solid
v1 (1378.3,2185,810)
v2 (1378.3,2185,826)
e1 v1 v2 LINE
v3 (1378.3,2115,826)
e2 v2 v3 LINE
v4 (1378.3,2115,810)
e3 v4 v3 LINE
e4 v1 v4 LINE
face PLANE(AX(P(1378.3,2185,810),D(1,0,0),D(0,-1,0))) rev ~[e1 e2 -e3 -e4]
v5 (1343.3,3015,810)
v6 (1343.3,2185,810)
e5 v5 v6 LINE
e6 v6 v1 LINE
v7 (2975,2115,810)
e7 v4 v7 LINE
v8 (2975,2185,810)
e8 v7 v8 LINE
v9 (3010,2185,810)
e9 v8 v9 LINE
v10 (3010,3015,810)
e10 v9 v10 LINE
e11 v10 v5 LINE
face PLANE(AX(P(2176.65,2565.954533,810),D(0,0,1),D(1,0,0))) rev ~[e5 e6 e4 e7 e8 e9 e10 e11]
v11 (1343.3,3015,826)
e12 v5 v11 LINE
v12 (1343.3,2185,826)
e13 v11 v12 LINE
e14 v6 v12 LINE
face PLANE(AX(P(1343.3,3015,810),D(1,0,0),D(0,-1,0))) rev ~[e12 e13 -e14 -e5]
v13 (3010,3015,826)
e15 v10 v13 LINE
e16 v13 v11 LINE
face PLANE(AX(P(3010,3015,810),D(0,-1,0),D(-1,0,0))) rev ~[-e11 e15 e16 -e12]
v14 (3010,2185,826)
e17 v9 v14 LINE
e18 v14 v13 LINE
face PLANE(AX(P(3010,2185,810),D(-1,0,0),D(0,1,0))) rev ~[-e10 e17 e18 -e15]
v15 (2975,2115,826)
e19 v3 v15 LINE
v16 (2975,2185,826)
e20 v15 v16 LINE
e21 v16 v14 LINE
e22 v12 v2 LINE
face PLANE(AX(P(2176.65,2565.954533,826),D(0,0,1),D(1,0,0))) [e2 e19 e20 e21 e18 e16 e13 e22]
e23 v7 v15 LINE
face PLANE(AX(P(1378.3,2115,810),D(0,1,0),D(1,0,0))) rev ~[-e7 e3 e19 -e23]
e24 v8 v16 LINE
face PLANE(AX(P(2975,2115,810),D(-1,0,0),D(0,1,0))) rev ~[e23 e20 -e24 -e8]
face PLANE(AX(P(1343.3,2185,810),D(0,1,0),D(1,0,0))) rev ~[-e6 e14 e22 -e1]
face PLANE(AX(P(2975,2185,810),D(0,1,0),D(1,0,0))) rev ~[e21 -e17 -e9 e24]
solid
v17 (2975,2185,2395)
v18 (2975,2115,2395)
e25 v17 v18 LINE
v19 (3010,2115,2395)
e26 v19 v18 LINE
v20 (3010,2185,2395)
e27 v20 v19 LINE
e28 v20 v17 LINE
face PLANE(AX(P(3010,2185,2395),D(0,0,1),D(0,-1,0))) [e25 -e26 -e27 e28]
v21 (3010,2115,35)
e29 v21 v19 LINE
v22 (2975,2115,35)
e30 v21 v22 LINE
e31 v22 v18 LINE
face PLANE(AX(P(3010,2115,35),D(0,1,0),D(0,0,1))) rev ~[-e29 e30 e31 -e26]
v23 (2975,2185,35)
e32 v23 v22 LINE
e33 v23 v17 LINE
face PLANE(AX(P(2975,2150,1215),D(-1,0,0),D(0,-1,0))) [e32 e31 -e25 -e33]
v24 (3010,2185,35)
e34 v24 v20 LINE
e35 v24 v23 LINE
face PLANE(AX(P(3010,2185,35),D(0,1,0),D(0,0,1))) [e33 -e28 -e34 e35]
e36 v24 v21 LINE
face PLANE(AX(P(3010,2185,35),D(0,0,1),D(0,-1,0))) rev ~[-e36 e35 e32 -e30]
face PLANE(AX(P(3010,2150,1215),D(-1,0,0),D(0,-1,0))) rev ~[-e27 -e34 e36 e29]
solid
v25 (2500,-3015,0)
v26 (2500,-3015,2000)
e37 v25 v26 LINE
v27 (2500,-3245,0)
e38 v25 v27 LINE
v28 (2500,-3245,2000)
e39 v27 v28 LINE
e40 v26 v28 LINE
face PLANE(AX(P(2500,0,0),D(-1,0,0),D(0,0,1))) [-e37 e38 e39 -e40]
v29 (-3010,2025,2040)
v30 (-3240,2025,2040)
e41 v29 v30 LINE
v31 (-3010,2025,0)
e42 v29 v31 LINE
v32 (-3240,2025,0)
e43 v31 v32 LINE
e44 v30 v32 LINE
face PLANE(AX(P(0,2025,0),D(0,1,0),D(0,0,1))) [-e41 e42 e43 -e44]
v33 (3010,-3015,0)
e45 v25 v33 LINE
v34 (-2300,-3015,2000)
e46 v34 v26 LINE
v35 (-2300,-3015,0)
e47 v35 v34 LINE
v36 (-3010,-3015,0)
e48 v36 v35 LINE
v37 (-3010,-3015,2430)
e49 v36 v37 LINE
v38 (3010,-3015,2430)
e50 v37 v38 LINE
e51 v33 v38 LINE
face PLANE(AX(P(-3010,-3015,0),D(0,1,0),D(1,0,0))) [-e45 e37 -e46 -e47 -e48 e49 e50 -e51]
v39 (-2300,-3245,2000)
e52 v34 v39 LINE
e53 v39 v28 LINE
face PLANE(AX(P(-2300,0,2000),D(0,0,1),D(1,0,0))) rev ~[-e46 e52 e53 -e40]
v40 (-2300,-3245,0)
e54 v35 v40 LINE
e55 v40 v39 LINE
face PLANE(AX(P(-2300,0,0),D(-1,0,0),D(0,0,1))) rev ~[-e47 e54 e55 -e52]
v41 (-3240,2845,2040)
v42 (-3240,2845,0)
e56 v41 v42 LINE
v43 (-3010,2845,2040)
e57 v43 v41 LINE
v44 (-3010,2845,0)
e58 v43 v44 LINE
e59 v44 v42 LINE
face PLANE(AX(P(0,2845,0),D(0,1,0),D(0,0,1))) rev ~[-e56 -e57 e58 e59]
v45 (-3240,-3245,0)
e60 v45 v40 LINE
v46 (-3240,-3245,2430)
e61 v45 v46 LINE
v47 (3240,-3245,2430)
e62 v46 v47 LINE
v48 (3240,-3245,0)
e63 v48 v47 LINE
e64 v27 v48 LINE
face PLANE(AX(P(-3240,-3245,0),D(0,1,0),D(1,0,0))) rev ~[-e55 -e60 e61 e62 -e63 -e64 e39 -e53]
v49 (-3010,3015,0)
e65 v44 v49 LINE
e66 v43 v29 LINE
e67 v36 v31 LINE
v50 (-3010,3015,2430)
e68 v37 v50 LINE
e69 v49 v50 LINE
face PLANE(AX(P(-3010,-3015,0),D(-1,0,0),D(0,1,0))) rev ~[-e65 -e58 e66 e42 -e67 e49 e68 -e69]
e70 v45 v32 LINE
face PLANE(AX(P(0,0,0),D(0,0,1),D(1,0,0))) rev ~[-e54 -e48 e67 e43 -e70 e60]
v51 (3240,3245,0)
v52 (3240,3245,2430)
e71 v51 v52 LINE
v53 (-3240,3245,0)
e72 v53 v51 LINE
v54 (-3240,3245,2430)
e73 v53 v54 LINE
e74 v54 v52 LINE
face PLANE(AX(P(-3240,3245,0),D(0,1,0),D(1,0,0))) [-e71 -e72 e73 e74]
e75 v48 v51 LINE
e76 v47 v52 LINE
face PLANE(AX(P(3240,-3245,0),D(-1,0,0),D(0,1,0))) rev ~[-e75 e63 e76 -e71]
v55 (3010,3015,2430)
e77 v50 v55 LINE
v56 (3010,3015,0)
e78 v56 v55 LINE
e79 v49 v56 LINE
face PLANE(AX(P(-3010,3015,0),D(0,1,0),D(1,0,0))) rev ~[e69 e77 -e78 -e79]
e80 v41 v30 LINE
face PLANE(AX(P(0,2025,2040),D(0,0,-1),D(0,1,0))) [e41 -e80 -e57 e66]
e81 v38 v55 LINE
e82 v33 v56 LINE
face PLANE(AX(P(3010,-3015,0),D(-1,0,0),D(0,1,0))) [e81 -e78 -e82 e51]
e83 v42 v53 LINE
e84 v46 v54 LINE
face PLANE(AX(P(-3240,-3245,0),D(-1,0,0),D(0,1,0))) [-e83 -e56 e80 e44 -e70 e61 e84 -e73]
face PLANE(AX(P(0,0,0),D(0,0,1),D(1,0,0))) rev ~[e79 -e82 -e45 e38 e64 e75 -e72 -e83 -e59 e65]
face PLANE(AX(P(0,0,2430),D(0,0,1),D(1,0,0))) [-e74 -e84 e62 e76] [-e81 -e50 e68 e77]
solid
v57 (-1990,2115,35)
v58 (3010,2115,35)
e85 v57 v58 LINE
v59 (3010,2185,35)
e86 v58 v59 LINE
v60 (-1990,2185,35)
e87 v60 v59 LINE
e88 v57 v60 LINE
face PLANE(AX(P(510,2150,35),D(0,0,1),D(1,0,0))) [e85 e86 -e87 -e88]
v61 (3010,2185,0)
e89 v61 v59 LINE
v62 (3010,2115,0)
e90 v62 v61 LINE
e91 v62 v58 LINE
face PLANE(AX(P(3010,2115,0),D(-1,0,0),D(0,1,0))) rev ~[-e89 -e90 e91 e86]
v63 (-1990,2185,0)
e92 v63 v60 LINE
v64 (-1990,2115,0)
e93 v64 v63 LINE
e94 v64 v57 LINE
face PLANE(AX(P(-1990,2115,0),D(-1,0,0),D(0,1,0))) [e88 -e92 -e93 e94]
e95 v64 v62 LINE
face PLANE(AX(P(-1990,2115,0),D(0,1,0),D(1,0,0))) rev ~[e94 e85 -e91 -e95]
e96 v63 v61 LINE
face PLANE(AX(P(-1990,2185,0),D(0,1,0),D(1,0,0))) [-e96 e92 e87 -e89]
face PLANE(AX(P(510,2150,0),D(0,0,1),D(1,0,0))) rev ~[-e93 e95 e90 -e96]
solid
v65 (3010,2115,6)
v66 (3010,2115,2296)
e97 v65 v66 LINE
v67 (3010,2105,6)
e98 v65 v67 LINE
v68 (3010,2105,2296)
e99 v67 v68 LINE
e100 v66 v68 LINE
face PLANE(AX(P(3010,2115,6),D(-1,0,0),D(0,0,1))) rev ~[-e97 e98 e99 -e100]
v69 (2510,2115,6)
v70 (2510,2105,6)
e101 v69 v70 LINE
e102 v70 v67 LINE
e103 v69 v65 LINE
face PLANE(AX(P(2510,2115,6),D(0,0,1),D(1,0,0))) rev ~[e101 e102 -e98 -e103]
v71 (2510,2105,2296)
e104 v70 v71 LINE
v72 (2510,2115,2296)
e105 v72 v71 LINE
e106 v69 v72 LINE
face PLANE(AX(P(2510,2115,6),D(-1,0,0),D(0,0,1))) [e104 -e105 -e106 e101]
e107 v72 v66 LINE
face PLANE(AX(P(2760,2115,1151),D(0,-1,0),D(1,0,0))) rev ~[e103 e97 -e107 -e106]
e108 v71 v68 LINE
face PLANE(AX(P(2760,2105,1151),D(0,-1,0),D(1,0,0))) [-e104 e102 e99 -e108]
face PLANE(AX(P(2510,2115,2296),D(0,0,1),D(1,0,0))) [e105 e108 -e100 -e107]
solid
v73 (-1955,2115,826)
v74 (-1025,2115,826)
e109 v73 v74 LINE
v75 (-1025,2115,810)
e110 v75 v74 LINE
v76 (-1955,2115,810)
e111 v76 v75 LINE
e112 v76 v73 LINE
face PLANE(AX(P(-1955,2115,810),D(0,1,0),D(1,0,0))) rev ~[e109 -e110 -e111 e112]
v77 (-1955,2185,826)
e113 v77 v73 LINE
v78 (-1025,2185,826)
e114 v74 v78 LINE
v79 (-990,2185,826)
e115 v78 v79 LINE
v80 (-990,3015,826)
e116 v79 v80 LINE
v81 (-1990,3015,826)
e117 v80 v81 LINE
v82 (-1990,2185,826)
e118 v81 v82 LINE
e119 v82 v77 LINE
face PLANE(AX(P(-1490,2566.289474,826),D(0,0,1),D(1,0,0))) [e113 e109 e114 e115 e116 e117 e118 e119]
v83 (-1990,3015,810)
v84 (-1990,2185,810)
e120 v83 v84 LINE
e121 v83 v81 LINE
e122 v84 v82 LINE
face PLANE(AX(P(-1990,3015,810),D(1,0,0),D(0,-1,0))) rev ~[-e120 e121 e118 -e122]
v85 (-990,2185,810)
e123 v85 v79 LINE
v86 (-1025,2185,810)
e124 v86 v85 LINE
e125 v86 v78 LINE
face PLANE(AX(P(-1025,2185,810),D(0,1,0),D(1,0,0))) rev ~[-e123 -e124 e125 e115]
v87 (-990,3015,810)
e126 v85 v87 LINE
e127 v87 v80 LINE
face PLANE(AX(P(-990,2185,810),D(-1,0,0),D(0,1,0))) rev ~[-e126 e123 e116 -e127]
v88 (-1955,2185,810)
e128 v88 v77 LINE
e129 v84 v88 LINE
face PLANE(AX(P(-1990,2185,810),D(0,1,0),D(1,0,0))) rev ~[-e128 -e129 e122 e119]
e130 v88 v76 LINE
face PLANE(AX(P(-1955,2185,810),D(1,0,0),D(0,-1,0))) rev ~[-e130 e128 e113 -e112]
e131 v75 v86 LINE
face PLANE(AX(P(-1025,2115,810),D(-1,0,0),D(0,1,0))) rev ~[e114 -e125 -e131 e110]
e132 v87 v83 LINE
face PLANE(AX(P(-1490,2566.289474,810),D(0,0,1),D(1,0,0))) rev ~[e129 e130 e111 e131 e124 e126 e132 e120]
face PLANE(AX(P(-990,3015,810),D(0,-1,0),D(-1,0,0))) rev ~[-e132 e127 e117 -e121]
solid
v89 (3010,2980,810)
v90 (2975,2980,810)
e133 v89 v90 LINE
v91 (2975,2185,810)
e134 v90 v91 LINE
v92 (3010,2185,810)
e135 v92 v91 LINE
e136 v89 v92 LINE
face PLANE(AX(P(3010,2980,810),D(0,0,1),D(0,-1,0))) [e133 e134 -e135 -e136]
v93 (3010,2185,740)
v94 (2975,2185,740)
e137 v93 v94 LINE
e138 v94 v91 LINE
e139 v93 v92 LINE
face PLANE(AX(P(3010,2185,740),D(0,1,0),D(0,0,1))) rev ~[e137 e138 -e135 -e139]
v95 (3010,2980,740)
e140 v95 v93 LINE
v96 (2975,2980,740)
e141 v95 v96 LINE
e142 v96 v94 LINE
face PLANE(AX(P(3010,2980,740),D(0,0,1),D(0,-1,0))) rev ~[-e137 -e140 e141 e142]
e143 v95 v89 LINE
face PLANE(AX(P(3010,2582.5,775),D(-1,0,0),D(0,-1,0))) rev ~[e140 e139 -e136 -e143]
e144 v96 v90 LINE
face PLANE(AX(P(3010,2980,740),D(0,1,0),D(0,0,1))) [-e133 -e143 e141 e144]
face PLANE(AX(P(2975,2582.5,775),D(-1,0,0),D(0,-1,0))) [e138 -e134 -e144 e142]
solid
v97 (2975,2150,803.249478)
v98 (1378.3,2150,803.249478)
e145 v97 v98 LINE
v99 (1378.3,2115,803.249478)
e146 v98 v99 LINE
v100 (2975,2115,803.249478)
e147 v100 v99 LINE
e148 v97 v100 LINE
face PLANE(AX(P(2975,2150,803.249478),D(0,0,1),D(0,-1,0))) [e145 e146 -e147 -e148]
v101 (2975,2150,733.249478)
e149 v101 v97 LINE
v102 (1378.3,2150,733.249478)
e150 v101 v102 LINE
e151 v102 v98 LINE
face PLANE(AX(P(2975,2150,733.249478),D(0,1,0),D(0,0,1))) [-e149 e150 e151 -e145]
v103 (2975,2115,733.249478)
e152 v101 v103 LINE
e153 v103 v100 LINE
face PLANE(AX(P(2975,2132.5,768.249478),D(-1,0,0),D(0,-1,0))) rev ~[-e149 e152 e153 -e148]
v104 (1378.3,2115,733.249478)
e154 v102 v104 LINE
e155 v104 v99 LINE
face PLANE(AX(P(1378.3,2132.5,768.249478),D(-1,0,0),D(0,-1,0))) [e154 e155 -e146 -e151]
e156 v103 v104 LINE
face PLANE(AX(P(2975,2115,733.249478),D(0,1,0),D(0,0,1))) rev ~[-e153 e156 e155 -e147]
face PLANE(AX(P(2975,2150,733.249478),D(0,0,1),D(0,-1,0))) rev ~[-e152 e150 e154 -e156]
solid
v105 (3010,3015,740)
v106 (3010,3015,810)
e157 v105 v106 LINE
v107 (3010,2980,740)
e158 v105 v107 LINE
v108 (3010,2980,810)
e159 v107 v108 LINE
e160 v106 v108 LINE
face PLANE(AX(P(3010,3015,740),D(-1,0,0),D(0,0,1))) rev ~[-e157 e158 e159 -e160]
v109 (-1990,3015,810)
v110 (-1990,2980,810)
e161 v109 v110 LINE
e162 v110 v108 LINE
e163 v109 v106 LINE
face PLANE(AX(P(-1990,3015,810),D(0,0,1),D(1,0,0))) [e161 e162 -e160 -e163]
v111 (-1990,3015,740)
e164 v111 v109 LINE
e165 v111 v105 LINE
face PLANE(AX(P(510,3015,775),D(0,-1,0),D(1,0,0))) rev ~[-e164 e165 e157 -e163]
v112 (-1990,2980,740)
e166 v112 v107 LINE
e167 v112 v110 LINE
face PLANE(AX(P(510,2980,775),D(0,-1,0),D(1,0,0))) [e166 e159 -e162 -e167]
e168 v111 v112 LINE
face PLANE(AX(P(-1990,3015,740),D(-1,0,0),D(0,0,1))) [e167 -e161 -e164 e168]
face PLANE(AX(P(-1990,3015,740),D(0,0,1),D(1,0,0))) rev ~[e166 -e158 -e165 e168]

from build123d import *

# Parameters (mm, degrees)
F0_W      = 6480
F0_H      = 6490
F0_W_2    = 6020
F0_H_2    = 6030
F1_DEPTH  = 2430
F2_W      = 4800
F2_H      = 2000
F3_DEPTH  = 3245.001
F4_W      = 820
F4_H      = 2040
F5_DEPTH  = 3240.001
F6_W      = 5000
F6_H      = 70
F7_DEPTH  = 35
F8_W      = 795
F8_H      = 70
F9_DEPTH  = 35
F10_W     = 70
F10_H     = 2360
F11_DEPTH = 35
F12_W     = 5000
F12_H     = 70
F13_DEPTH = 35
F14_W     = 500
F14_H     = 2290
F15_DEPTH = 10
F17_DEPTH = 16
F19_DEPTH = 16
F20_W     = 35
F20_H     = 70
F21_DEPTH = 1596.7


with BuildPart() as f1:
    # F0 (on Top) → F1 (new body)
    with BuildSketch(Plane.XY):
        Rectangle(F0_W, F0_H)
        Rectangle(F0_W_2, F0_H_2, mode=Mode.SUBTRACT)
    extrude(amount=F1_DEPTH)

    # F2 (on Front) → F3 (cut, through all)
    with BuildSketch(Plane.XZ):
        with Locations((100, 1000)):
            Rectangle(F2_W, F2_H)
    extrude(amount=F3_DEPTH, mode=Mode.SUBTRACT)

    # F4 (on Right) → F5 (cut, through all)
    with BuildSketch(Plane.YZ):
        with Locations((2435, 1020)):
            Rectangle(F4_W, F4_H)
    extrude(amount=-F5_DEPTH, mode=Mode.SUBTRACT)


with BuildPart() as f7:
    # F6 (on face) → F7 (new body)
    with BuildSketch(Plane.XZ.offset(-3015)):
        with Locations((510, 775)):
            Rectangle(F6_W, F6_H)
    extrude(amount=F7_DEPTH)


with BuildPart() as f9:
    # F8 (on face) → F9 (new body)
    with BuildSketch(Plane(origin=(3010, 0, 0), x_dir=(0, -1, 0), z_dir=(-1, 0, 0))):
        with Locations((-2582.5, 775)):
            Rectangle(F8_W, F8_H)
    extrude(amount=F9_DEPTH)


with BuildPart() as f11:
    # F10 (on face) → F11 (new body)
    with BuildSketch(Plane(origin=(3010, 0, 0), x_dir=(0, -1, 0), z_dir=(-1, 0, 0))):
        with Locations((-2150, 1215)):
            Rectangle(F10_W, F10_H)
    extrude(amount=F11_DEPTH)


with BuildPart() as f13:
    # F12 (on Top) → F13 (new body)
    with BuildSketch(Plane.XY):
        with Locations((510, 2150)):
            Rectangle(F12_W, F12_H)
    extrude(amount=F13_DEPTH)


with BuildPart() as f15:
    # F14 (on face) → F15 (new body)
    with BuildSketch(Plane.XZ.offset(-2115)):
        with Locations((2760, 1151)):
            Rectangle(F14_W, F14_H)
    extrude(amount=F15_DEPTH)


with BuildPart() as f17:
    # F16 (on face) → F17 (new body)
    with BuildSketch(Plane.XY.offset(810)):
        Polygon((3010, 2185), (3010, 3015), (1343.3, 3015), (1343.3, 2185), (1378.3, 2185), (1378.3, 2115), (2975, 2115), (2975, 2185), align=None)
    extrude(amount=F17_DEPTH)


with BuildPart() as f19:
    # F18 (on face) → F19 (new body)
    with BuildSketch(Plane.XY.offset(810)):
        Polygon((-990, 3015), (-1990, 3015), (-1990, 2185), (-1955, 2185), (-1955, 2115), (-1025, 2115), (-1025, 2185), (-990, 2185), align=None)
    extrude(amount=F19_DEPTH)


with BuildPart() as f21:
    # F20 (on face) → F21 (new body)
    with BuildSketch(Plane(origin=(2975, 0, 0), x_dir=(0, -1, 0), z_dir=(-1, 0, 0))):
        with Locations((-2132.5, 768.249478)):
            Rectangle(F20_W, F20_H)
    extrude(amount=F21_DEPTH)


solid = Compound([f1.part, f7.part, f9.part, f11.part, f13.part, f15.part, f17.part, f19.part, f21.part])
